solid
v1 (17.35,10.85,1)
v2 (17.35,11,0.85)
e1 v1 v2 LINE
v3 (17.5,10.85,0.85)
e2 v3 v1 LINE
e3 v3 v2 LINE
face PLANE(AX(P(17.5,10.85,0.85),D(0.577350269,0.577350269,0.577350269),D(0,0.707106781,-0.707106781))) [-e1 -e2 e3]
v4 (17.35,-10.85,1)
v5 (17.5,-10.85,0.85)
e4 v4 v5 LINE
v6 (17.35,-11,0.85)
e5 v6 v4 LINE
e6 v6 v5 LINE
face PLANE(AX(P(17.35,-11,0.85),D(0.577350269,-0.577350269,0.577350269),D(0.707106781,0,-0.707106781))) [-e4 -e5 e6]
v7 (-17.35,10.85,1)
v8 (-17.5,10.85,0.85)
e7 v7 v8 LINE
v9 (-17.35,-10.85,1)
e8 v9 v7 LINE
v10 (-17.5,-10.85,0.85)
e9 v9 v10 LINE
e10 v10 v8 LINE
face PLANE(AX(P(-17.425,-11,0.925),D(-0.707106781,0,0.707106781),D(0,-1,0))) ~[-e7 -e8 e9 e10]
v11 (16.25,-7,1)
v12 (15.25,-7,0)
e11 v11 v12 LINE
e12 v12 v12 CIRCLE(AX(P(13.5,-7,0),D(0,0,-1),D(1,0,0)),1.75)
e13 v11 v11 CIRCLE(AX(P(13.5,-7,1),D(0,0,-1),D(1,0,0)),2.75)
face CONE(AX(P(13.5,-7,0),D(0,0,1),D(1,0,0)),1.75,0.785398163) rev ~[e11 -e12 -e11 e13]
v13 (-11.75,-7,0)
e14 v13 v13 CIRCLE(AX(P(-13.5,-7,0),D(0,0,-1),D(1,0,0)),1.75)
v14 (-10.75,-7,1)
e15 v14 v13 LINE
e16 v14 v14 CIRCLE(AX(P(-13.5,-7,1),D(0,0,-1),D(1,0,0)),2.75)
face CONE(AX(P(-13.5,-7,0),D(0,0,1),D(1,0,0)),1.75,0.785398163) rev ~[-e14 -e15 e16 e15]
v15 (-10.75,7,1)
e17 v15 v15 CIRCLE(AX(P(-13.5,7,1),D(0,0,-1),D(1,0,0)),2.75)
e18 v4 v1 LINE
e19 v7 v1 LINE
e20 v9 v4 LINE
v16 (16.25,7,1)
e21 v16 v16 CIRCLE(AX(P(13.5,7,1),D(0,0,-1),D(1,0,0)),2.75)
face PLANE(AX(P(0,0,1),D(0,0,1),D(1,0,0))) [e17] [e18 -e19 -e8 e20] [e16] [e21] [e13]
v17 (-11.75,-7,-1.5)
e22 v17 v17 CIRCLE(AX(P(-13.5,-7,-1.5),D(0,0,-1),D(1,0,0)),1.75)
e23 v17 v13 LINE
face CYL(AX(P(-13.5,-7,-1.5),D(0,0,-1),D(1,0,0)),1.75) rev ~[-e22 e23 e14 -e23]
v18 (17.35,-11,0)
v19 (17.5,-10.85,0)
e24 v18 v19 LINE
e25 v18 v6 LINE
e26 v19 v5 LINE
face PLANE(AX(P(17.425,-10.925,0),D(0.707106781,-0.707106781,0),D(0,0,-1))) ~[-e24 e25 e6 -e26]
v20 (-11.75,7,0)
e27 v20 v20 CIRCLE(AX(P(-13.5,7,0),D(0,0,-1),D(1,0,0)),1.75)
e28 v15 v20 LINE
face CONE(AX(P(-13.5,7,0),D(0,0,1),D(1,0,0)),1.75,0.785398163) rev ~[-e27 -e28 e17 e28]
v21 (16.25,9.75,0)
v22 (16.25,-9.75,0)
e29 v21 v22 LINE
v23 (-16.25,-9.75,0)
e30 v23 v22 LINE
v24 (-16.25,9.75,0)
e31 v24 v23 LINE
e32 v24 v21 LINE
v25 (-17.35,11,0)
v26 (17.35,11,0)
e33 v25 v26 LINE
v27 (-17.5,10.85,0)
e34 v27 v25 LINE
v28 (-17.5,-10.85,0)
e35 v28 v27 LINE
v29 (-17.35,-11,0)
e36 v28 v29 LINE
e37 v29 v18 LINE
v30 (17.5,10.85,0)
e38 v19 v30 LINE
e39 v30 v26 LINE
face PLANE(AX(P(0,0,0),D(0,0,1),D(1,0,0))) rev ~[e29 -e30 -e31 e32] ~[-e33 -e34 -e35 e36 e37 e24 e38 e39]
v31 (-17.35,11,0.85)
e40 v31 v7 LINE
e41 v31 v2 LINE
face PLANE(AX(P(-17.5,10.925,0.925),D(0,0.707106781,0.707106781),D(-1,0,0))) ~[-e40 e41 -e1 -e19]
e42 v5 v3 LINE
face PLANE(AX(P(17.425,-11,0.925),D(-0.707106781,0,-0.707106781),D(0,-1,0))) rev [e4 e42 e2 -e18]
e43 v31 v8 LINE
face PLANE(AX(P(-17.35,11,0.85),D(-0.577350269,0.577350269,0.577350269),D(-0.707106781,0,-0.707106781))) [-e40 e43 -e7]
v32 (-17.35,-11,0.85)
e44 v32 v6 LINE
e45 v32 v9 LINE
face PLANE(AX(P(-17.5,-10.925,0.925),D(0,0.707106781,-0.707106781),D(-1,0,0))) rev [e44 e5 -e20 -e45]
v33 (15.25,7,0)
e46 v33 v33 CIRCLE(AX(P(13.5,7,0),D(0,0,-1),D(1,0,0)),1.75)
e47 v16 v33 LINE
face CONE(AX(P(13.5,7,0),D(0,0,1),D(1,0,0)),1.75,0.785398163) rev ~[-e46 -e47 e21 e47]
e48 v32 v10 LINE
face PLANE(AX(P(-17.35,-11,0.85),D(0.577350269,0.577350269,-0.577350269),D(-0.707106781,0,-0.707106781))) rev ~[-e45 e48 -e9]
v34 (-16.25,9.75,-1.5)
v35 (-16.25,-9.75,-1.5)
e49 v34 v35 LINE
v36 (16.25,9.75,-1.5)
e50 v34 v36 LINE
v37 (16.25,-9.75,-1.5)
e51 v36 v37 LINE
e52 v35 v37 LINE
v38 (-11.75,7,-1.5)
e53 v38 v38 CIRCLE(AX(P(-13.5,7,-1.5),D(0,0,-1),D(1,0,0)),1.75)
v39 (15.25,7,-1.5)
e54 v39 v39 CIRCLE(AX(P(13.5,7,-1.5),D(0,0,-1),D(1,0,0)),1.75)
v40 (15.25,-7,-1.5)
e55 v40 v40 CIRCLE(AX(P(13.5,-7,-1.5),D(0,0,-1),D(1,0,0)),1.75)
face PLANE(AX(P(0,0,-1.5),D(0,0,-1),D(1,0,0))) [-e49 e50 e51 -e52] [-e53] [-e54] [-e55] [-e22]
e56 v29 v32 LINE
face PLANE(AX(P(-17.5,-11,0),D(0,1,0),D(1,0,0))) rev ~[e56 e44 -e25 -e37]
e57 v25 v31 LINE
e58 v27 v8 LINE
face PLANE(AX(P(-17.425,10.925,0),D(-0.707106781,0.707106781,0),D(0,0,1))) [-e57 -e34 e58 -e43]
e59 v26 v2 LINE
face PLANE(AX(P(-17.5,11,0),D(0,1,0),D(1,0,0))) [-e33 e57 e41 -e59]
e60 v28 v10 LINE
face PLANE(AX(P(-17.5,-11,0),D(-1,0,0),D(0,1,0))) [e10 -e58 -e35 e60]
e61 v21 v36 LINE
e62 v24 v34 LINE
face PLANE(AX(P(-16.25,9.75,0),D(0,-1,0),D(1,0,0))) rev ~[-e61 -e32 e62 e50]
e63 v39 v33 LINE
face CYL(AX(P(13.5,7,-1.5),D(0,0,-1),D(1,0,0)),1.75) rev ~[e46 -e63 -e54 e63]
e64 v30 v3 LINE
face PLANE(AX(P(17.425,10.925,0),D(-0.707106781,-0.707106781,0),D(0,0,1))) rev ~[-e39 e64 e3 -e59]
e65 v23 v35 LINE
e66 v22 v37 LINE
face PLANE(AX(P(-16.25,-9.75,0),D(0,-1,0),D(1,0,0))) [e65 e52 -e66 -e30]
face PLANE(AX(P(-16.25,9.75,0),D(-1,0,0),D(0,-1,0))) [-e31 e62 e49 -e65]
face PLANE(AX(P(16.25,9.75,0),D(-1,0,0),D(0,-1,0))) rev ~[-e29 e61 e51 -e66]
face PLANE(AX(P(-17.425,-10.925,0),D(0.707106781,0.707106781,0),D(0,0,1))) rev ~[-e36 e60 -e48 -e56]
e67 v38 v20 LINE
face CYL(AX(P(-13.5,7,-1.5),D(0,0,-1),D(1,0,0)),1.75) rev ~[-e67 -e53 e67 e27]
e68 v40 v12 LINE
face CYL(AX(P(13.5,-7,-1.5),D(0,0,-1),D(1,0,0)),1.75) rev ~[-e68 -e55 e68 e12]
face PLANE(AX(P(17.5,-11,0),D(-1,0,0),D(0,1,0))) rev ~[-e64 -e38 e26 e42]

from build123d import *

# Parameters (mm, degrees)
F0_W     = 35
F0_H     = 22
F1_DEPTH = 1
F2_SIZE  = 0.15
F3_W     = 32.5
F3_H     = 19.5
F4_DEPTH = 1.5
F5_R     = 1.75
F6_DEPTH = 25
F7_SIZE  = 1


with BuildPart() as f1:
    # F0 (on Top) → F1 (new body)
    with BuildSketch(Plane.XY):
        Rectangle(F0_W, F0_H)
    extrude(amount=F1_DEPTH)

    # F2
    f2_edges = [f1.edges().sort_by_distance(p)[0] for p in [
        (-17.5, 0, 1),
        (0, 11, 1),
        (17.5, 0, 1),
        (0, -11, 1),
        (-17.5, 11, 0.5),
        (17.5, 11, 0.5),
        (17.5, -11, 0.5),
        (-17.5, -11, 0.5),
    ]]
    chamfer(f2_edges, length=F2_SIZE)

    # F3 (on face) → F4 (join)
    with BuildSketch(Plane(origin=(0, 0, 0), x_dir=(1, 0, 0), z_dir=(0, 0, -1))):
        Rectangle(F3_W, F3_H)
    extrude(amount=F4_DEPTH)

    # F5 (on face) → F6 (cut)
    with BuildSketch(Plane(origin=(0, 0, -1.5), x_dir=(1, 0, 0), z_dir=(0, 0, -1))):
        with Locations((-13.5, 7)):
            Circle(F5_R)
        with Locations((-13.5, -7)):
            Circle(F5_R)
        with Locations((13.5, -7)):
            Circle(F5_R)
        with Locations((13.5, 7)):
            Circle(F5_R)
    extrude(amount=-F6_DEPTH, mode=Mode.SUBTRACT)

    # F7
    f7_edges = [f1.edges().sort_by_distance(p)[0] for p in [
        (-15.25, 7, 1),
        (11.75, 7, 1),
        (11.75, -7, 1),
        (-15.25, -7, 1),
    ]]
    chamfer(f7_edges, length=F7_SIZE)


solid = f1.part
